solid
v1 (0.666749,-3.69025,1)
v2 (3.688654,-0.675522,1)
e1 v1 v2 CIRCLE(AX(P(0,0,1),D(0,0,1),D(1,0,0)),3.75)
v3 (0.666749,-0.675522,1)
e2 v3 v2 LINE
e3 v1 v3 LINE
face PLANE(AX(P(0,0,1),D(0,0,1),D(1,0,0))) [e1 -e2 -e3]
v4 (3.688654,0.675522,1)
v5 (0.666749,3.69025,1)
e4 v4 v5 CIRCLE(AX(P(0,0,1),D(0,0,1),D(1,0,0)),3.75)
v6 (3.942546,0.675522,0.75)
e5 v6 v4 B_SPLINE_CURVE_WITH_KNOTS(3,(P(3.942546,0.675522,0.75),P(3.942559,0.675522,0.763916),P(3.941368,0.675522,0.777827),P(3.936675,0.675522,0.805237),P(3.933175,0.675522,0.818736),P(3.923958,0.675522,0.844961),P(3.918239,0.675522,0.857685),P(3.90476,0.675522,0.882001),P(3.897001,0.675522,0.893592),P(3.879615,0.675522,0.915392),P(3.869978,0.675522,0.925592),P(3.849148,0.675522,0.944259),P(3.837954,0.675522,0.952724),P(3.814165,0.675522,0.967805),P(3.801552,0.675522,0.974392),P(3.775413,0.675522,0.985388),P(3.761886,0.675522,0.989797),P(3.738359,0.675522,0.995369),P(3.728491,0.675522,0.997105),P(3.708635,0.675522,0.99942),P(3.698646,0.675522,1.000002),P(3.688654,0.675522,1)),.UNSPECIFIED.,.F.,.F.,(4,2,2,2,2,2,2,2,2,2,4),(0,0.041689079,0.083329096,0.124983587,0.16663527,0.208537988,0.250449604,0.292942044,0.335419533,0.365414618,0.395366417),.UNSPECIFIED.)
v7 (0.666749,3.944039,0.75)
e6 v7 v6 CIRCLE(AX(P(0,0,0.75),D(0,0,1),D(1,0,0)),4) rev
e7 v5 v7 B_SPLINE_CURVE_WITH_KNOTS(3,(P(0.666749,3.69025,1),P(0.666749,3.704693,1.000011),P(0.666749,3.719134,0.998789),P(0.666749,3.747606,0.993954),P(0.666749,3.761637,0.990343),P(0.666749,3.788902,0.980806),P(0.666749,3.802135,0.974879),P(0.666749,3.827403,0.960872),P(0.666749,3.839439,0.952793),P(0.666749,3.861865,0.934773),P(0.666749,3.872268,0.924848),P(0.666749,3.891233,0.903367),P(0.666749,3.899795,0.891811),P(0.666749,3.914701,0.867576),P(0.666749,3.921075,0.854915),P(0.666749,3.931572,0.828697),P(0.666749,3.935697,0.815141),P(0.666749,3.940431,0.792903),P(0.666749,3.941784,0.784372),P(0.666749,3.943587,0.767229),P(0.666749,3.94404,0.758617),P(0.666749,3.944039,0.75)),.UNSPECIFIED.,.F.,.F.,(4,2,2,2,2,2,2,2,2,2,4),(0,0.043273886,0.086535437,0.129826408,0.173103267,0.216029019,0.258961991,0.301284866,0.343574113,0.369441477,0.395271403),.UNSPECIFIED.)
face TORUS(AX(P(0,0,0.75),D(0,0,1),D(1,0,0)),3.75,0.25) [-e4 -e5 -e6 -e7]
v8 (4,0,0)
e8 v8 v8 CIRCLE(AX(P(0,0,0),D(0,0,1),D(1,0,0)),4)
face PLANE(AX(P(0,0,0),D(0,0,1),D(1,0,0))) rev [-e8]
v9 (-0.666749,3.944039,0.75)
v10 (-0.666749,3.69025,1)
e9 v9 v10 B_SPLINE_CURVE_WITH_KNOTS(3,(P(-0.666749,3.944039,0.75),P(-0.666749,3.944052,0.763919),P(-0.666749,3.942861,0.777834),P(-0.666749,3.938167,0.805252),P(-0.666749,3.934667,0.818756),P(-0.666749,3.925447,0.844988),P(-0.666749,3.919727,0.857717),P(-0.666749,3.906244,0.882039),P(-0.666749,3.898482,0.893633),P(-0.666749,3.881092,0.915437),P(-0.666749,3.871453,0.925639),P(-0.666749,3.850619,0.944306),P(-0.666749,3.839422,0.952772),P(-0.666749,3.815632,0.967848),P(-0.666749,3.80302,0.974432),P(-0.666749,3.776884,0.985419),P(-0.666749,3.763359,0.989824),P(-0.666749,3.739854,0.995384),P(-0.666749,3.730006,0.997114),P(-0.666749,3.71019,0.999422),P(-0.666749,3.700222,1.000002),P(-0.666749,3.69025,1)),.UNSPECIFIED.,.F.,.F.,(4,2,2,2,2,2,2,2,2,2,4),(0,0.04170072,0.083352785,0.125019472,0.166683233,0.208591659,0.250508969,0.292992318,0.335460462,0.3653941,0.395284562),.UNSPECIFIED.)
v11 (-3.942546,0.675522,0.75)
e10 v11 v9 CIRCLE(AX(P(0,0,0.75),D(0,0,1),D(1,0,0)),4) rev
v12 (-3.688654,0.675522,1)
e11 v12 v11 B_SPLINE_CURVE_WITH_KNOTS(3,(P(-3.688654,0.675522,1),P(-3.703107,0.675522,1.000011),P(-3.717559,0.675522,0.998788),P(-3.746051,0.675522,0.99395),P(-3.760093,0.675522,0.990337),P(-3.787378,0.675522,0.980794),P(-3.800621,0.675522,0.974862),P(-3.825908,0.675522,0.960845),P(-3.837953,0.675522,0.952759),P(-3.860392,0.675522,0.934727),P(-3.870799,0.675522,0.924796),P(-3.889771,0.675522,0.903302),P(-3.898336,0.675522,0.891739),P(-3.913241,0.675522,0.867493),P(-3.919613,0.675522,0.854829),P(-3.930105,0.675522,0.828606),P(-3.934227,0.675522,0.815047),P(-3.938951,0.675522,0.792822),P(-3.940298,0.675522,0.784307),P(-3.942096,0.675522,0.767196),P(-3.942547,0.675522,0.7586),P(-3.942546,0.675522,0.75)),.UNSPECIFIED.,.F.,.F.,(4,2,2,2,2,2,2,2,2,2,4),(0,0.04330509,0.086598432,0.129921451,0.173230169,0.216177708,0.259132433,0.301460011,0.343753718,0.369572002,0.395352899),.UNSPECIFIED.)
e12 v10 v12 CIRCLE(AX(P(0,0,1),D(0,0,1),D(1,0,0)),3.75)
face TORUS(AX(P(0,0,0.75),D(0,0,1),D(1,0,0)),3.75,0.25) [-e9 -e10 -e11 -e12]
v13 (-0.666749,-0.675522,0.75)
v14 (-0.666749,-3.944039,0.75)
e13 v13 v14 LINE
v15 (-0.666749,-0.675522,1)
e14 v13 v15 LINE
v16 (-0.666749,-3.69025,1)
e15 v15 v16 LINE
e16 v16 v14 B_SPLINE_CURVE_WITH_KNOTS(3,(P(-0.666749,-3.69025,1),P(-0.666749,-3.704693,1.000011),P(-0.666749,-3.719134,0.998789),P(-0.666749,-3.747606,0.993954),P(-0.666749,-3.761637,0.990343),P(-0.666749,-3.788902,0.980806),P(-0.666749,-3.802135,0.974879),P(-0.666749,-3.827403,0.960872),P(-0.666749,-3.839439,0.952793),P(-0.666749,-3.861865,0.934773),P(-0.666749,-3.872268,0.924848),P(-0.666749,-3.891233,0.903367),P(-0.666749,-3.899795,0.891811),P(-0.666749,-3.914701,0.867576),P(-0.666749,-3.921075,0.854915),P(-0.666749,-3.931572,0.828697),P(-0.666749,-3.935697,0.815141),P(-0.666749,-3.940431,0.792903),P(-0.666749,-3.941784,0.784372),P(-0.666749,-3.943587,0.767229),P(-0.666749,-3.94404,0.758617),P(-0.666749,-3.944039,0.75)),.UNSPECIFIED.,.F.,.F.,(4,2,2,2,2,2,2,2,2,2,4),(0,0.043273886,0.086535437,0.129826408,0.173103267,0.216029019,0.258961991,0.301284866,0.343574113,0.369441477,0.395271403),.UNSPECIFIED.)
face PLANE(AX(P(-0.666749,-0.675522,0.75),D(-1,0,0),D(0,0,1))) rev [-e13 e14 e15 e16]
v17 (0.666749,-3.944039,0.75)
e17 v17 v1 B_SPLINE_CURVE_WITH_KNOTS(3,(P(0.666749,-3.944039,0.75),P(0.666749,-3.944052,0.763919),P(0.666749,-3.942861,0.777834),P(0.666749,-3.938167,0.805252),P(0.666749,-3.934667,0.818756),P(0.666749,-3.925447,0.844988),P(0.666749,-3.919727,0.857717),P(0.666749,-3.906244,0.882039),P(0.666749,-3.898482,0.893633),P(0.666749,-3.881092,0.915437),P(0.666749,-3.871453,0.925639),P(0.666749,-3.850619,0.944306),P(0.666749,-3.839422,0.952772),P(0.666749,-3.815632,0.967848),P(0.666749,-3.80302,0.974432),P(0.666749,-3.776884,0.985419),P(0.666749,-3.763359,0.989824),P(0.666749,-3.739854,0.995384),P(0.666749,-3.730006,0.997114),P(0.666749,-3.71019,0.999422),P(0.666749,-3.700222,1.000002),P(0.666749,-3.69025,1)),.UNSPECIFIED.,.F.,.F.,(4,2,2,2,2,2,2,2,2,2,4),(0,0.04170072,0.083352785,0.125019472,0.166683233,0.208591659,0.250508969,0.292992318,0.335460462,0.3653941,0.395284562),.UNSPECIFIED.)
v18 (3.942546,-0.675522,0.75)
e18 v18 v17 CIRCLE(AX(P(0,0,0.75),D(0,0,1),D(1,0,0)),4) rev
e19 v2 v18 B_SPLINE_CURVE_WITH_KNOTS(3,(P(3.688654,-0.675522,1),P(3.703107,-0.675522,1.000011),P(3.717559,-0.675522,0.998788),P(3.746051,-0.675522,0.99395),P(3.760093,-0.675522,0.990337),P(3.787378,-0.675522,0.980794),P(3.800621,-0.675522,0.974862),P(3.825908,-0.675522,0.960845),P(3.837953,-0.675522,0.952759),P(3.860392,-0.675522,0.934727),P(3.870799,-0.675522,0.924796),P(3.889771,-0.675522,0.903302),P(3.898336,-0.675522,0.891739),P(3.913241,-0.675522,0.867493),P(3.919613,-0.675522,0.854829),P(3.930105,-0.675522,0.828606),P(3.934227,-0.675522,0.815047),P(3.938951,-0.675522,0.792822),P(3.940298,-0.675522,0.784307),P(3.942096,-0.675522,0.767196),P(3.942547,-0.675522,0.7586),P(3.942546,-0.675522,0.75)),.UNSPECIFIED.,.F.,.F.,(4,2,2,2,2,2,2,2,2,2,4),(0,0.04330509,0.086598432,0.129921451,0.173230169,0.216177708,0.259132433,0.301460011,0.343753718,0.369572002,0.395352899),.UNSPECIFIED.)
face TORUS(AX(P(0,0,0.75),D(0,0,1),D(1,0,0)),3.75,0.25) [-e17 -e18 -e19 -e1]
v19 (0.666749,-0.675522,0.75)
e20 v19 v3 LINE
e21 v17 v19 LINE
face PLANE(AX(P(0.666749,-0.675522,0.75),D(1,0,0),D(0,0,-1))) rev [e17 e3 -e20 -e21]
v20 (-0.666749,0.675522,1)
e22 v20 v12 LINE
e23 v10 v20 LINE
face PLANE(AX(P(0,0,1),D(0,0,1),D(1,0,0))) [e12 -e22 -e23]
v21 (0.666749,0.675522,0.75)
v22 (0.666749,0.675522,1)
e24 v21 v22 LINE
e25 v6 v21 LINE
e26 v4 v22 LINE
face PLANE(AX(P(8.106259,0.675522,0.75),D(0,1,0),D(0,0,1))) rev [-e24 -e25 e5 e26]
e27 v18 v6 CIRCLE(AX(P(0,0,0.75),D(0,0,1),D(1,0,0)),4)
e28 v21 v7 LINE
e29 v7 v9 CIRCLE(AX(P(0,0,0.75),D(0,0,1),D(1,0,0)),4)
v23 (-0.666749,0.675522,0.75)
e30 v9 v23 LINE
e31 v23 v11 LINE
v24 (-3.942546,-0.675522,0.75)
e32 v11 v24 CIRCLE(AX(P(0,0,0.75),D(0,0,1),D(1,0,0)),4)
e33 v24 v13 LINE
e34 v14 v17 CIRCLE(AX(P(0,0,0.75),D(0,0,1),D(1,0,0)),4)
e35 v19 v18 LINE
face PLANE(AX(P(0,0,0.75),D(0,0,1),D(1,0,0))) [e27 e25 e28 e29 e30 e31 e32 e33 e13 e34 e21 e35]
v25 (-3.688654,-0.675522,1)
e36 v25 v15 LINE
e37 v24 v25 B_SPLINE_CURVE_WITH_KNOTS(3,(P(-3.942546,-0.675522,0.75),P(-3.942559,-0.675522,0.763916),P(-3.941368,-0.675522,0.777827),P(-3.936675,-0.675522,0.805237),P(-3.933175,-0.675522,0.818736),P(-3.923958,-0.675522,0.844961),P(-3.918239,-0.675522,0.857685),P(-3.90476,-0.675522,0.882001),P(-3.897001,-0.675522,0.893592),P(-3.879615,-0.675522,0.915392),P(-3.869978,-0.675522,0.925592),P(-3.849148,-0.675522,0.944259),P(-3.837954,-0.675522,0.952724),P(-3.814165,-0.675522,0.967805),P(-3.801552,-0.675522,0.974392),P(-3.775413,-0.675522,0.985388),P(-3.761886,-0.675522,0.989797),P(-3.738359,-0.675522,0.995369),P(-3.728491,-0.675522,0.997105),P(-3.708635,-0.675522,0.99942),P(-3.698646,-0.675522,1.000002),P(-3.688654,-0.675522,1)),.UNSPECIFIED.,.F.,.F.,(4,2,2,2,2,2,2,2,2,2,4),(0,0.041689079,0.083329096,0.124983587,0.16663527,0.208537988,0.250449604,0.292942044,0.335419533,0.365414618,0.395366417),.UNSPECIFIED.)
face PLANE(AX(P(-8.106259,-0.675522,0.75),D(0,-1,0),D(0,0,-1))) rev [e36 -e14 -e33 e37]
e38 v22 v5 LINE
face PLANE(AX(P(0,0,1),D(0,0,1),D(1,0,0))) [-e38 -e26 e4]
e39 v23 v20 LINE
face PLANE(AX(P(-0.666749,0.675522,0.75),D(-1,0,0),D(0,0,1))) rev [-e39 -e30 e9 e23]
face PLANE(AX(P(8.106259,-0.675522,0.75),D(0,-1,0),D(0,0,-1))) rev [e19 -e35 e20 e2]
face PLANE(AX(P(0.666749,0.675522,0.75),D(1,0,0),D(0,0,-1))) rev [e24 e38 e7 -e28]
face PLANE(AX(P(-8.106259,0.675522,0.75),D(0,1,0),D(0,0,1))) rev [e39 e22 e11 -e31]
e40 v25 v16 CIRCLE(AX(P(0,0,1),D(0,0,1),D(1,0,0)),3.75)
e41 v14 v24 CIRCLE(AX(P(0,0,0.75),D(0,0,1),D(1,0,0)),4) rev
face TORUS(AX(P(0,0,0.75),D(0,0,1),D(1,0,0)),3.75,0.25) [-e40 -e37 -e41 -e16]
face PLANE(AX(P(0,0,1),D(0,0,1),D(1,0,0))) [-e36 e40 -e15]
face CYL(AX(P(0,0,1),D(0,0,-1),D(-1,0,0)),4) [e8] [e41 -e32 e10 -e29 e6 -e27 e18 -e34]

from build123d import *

# Parameters (mm, degrees)
SKETCH1_R           = 4
BOSS_EXTRUDE1_DEPTH = 1
CUT_EXTRUDE1_DEPTH  = 0.25
FILLET1_R           = 0.25


with BuildPart() as part:
    # Sketch1 → Boss-Extrude1 (new body)
    with BuildSketch(Plane.XY):
        Circle(SKETCH1_R)
    extrude(amount=BOSS_EXTRUDE1_DEPTH)

    # Sketch2 → Cut-Extrude1 (cut)
    with BuildSketch(Plane.XY.offset(1)):
        Polygon((-8.106259115, 0.675521593), (-0.666748585, 0.675521593), (-0.666748585, 8.465952431), (0.666748585, 8.465952431), (0.666748585, 0.675521593), (8.106259115, 0.675521593), (8.106259115, -0.675521593), (0.666748585, -0.675521593), (0.666748585, -8.465952431), (-0.666748585, -8.465952431), (-0.666748585, -0.675521593), (-8.106259115, -0.675521593), align=None)
    extrude(amount=-CUT_EXTRUDE1_DEPTH, mode=Mode.SUBTRACT)

    # Fillet1
    fillet1_edges = [part.edges().sort_by_distance(p)[0] for p in [
        (2.825279045, 2.831571704, 1),
        (2.825279045, -2.831571704, 1),
        (-2.825279045, -2.831571704, 1),
        (-2.825279045, 2.831571704, 1),
    ]]
    fillet(fillet1_edges, radius=FILLET1_R)


solid = part.part
